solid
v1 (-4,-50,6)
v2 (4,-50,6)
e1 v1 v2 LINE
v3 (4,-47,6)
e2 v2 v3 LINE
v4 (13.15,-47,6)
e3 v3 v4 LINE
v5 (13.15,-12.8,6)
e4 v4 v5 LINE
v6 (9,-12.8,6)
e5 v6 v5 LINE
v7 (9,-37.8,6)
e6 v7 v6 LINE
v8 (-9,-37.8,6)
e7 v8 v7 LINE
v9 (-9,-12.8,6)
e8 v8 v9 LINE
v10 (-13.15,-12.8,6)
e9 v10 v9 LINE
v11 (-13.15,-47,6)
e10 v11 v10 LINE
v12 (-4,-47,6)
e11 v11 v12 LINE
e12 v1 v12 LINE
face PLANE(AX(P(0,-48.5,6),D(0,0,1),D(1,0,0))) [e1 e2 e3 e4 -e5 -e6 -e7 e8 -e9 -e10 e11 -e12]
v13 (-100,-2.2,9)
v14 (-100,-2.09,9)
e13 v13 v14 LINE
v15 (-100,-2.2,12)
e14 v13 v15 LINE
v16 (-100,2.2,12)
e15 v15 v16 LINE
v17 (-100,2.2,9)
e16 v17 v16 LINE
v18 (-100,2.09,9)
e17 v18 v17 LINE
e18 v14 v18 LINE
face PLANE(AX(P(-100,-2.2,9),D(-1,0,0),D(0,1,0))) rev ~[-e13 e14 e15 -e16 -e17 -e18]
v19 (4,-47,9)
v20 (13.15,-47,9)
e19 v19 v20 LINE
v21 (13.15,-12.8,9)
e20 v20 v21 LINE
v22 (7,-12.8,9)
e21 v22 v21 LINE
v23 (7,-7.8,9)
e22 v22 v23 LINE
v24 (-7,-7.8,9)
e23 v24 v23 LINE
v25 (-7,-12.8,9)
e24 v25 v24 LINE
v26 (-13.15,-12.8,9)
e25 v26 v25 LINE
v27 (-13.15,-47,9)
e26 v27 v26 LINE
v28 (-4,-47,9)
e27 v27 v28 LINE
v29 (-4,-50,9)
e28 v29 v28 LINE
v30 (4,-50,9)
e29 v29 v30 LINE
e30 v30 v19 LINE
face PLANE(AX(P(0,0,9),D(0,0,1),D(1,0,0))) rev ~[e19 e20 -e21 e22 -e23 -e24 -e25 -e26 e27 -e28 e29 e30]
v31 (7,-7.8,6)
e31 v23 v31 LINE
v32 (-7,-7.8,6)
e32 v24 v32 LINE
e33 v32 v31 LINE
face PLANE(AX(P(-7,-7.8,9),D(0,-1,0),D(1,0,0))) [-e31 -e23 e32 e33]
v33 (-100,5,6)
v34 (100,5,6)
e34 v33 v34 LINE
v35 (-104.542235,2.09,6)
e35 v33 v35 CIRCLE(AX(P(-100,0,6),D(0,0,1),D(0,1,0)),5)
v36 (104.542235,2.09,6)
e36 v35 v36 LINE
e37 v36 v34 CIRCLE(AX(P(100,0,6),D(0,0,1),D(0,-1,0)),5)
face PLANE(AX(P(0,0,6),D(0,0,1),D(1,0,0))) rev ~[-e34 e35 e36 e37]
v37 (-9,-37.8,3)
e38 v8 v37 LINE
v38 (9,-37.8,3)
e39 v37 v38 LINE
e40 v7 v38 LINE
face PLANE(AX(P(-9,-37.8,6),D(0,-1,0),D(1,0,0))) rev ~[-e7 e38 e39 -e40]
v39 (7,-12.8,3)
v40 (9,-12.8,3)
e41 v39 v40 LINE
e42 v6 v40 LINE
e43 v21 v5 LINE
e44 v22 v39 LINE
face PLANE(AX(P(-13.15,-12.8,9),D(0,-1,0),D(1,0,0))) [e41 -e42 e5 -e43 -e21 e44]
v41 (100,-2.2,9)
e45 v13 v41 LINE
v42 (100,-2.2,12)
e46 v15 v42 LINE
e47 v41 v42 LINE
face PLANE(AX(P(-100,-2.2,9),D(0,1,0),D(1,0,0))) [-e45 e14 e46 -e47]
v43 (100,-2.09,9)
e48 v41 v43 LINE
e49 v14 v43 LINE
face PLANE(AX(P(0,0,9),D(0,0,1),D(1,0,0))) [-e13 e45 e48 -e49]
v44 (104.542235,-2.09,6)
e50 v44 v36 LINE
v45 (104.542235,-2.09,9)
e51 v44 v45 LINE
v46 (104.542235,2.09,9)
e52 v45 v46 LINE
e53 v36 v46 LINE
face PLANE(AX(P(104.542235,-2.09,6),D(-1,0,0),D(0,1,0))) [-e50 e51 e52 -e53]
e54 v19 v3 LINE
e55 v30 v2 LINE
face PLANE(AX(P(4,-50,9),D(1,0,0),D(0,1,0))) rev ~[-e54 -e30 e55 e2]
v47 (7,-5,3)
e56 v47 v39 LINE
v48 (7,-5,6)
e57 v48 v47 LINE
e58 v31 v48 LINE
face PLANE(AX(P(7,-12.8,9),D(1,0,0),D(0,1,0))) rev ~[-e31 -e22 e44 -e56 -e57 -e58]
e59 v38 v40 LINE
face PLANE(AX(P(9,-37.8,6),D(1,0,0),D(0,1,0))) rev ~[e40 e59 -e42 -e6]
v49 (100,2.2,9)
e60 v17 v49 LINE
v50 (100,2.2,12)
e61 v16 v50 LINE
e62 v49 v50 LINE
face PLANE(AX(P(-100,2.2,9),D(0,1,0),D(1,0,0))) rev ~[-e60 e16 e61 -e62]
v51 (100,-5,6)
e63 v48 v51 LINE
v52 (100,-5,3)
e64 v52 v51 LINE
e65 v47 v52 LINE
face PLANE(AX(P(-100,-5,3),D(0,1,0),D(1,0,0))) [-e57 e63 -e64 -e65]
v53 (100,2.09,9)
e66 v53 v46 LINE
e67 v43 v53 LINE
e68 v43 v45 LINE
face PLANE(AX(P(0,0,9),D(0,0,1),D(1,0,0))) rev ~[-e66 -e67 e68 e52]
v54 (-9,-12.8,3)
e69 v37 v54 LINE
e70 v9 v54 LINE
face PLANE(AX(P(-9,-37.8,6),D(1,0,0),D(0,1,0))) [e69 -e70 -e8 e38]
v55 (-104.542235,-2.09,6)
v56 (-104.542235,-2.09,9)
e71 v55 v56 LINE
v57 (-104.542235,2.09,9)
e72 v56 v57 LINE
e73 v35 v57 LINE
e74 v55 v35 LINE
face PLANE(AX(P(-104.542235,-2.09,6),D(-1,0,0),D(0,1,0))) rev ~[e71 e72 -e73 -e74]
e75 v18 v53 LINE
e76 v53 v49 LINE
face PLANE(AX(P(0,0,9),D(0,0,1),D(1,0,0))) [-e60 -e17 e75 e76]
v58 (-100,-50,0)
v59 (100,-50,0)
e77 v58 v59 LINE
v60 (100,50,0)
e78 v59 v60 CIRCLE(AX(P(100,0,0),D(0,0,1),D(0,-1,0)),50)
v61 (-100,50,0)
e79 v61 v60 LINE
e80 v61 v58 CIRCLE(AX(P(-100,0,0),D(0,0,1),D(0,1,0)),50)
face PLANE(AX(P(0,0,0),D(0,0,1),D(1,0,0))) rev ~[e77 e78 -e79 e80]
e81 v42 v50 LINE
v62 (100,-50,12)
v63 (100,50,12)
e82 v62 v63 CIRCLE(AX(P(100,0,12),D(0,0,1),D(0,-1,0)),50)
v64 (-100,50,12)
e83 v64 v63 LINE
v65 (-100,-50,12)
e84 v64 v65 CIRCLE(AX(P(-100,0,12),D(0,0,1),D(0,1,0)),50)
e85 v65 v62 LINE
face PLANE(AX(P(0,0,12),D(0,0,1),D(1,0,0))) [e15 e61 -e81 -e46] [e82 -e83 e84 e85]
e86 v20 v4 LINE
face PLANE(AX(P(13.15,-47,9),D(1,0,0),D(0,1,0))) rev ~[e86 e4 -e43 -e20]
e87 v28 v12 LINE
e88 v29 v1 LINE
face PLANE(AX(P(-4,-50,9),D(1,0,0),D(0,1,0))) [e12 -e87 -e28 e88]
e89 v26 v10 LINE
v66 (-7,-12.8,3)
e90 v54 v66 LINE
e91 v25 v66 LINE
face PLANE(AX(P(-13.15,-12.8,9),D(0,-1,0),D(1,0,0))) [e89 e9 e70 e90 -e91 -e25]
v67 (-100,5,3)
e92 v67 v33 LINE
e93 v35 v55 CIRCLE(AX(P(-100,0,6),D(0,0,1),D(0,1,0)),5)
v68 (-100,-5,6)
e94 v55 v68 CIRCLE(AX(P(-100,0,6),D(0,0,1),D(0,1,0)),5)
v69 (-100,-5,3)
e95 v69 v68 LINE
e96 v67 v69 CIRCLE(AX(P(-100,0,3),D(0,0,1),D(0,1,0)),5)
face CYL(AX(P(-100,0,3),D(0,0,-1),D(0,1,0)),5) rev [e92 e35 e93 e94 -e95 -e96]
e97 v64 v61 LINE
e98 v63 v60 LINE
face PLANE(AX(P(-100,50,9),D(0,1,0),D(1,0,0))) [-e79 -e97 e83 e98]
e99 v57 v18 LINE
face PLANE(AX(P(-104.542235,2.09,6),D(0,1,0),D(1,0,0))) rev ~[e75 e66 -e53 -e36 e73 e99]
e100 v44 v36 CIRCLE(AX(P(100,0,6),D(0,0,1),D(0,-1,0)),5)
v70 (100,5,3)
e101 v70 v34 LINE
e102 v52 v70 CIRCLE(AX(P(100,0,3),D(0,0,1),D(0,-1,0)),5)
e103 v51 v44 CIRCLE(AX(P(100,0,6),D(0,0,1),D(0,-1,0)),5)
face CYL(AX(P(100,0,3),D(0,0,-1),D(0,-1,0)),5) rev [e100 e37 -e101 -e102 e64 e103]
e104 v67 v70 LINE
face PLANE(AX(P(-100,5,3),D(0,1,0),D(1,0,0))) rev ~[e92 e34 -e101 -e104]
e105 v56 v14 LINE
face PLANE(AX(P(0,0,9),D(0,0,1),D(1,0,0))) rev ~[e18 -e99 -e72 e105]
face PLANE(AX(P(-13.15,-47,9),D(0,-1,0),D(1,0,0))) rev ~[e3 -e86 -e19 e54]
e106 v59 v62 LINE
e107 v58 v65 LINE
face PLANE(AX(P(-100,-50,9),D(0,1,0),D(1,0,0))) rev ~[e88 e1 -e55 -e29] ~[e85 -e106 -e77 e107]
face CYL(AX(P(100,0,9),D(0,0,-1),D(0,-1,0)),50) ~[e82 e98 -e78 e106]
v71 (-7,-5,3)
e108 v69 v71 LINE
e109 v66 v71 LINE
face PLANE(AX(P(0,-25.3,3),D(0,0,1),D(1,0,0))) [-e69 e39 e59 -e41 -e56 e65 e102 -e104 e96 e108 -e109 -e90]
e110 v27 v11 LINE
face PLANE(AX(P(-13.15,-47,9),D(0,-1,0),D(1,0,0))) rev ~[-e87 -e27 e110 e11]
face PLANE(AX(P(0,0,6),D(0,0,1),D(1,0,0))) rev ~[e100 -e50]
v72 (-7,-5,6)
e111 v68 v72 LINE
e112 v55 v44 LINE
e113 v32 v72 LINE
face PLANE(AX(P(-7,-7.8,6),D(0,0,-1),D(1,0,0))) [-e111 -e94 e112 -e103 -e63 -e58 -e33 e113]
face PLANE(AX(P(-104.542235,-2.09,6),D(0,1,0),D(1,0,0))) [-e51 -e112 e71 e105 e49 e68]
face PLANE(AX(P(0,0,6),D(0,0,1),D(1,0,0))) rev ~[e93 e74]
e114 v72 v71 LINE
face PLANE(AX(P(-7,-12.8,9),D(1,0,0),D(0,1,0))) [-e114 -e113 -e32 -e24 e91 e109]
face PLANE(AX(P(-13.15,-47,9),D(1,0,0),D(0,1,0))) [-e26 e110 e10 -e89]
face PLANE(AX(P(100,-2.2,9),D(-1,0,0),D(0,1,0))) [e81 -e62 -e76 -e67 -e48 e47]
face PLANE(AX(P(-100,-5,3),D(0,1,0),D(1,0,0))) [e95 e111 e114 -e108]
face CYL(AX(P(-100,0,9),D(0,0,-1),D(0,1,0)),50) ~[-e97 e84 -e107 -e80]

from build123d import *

# Parameters (mm, degrees)
PAD_DEPTH       = 3
PAD001_DEPTH    = 3
SKETCH002_W     = 209.08447
SKETCH002_H     = 4.18
PAD002_DEPTH    = 3
SKETCH003_W     = 26.3
SKETCH003_H     = 34.2
POCKET_DEPTH    = 3
SKETCH004_W     = 18
SKETCH004_H     = 25
POCKET001_DEPTH = 3
SKETCH005_W     = 14
SKETCH005_H     = 5
POCKET002_DEPTH = 6
SKETCH006_W     = 14
SKETCH006_H     = 3
POCKET003_DEPTH = 3
SKETCH007_W     = 8
SKETCH007_H     = 3
POCKET004_DEPTH = 3
SKETCH008_W     = 200
SKETCH008_H     = 4.4
PAD003_DEPTH    = 3


with BuildPart() as part:
    # Sketch → Pad (new body)
    with BuildSketch(Plane.XY):
        with BuildLine():
            ThreePointArc((-100, 50), (-150, 0), (-100, -50))
            Line((-100, -50), (100, -50))
            ThreePointArc((100, -50), (150, 0), (100, 50))
            Line((-100, 50), (100, 50))
        make_face()
    extrude(amount=PAD_DEPTH)

    # Sketch001 (on Face6 of Pad) → Pad001 (join)
    with BuildSketch(Plane.XY.offset(3)):
        with BuildLine():
            ThreePointArc((-100, 50), (-150, 0), (-100, -50))
            Line((-100, -50), (100, -50))
            ThreePointArc((100, -50), (150, 0), (100, 50))
            Line((-100, 50), (100, 50))
        make_face()
        with BuildLine():
            ThreePointArc((-100, 5), (-105, 0), (-100, -5))
            Line((-100, -5), (100, -5))
            ThreePointArc((100, -5), (105, 0), (100, 5))
            Line((-100, 5), (100, 5))
        make_face(mode=Mode.SUBTRACT)
    extrude(amount=PAD001_DEPTH)

    # Sketch002 (on Face9 of Pad001) → Pad002 (join)
    with BuildSketch(Plane.XY.offset(6)):
        with BuildLine():
            ThreePointArc((-100, 50), (-150, 0), (-100, -50))
            Line((-100, -50), (100, -50))
            ThreePointArc((100, -50), (150, 0), (100, 50))
            Line((-100, 50), (100, 50))
        make_face()
        Rectangle(SKETCH002_W, SKETCH002_H, mode=Mode.SUBTRACT)
    extrude(amount=PAD002_DEPTH)

    # Sketch003 (on Face13 of Pad002) → Pocket (cut)
    with BuildSketch(Plane.XY.offset(9)):
        with Locations((0, -29.9)):
            Rectangle(SKETCH003_W, SKETCH003_H)
    extrude(amount=-POCKET_DEPTH, mode=Mode.SUBTRACT)

    # Sketch004 (on Face27 of Pocket) → Pocket001 (cut)
    with BuildSketch(Plane.XY.offset(6)):
        with Locations((0, -25.3)):
            Rectangle(SKETCH004_W, SKETCH004_H)
    extrude(amount=-POCKET001_DEPTH, mode=Mode.SUBTRACT)

    # Sketch005 (on Face13 of Pocket001) → Pocket002 (cut)
    with BuildSketch(Plane.XY.offset(9)):
        with Locations((0, -10.3)):
            Rectangle(SKETCH005_W, SKETCH005_H)
    extrude(amount=-POCKET002_DEPTH, mode=Mode.SUBTRACT)

    # Sketch006 (on Face23 of Pocket002) → Pocket003 (cut)
    with BuildSketch(Plane.XZ.offset(7.8)):
        with Locations((0, 4.5)):
            Rectangle(SKETCH006_W, SKETCH006_H)
    extrude(amount=-POCKET003_DEPTH, mode=Mode.SUBTRACT)

    # Sketch007 (on Face13 of Pocket003) → Pocket004 (cut)
    with BuildSketch(Plane.XY.offset(9)):
        with Locations((0, -48.5)):
            Rectangle(SKETCH007_W, SKETCH007_H)
    extrude(amount=-POCKET004_DEPTH, mode=Mode.SUBTRACT)

    # Sketch008 (on Face15 of Pocket004) → Pad003 (join)
    with BuildSketch(Plane.XY.offset(9)):
        with BuildLine():
            ThreePointArc((-100, 50), (-150, 0), (-100, -50))
            Line((-100, -50), (100, -50))
            ThreePointArc((100, -50), (150, 0), (100, 50))
            Line((-100, 50), (100, 50))
        make_face()
        Rectangle(SKETCH008_W, SKETCH008_H, mode=Mode.SUBTRACT)
    extrude(amount=PAD003_DEPTH)


solid = part.part
